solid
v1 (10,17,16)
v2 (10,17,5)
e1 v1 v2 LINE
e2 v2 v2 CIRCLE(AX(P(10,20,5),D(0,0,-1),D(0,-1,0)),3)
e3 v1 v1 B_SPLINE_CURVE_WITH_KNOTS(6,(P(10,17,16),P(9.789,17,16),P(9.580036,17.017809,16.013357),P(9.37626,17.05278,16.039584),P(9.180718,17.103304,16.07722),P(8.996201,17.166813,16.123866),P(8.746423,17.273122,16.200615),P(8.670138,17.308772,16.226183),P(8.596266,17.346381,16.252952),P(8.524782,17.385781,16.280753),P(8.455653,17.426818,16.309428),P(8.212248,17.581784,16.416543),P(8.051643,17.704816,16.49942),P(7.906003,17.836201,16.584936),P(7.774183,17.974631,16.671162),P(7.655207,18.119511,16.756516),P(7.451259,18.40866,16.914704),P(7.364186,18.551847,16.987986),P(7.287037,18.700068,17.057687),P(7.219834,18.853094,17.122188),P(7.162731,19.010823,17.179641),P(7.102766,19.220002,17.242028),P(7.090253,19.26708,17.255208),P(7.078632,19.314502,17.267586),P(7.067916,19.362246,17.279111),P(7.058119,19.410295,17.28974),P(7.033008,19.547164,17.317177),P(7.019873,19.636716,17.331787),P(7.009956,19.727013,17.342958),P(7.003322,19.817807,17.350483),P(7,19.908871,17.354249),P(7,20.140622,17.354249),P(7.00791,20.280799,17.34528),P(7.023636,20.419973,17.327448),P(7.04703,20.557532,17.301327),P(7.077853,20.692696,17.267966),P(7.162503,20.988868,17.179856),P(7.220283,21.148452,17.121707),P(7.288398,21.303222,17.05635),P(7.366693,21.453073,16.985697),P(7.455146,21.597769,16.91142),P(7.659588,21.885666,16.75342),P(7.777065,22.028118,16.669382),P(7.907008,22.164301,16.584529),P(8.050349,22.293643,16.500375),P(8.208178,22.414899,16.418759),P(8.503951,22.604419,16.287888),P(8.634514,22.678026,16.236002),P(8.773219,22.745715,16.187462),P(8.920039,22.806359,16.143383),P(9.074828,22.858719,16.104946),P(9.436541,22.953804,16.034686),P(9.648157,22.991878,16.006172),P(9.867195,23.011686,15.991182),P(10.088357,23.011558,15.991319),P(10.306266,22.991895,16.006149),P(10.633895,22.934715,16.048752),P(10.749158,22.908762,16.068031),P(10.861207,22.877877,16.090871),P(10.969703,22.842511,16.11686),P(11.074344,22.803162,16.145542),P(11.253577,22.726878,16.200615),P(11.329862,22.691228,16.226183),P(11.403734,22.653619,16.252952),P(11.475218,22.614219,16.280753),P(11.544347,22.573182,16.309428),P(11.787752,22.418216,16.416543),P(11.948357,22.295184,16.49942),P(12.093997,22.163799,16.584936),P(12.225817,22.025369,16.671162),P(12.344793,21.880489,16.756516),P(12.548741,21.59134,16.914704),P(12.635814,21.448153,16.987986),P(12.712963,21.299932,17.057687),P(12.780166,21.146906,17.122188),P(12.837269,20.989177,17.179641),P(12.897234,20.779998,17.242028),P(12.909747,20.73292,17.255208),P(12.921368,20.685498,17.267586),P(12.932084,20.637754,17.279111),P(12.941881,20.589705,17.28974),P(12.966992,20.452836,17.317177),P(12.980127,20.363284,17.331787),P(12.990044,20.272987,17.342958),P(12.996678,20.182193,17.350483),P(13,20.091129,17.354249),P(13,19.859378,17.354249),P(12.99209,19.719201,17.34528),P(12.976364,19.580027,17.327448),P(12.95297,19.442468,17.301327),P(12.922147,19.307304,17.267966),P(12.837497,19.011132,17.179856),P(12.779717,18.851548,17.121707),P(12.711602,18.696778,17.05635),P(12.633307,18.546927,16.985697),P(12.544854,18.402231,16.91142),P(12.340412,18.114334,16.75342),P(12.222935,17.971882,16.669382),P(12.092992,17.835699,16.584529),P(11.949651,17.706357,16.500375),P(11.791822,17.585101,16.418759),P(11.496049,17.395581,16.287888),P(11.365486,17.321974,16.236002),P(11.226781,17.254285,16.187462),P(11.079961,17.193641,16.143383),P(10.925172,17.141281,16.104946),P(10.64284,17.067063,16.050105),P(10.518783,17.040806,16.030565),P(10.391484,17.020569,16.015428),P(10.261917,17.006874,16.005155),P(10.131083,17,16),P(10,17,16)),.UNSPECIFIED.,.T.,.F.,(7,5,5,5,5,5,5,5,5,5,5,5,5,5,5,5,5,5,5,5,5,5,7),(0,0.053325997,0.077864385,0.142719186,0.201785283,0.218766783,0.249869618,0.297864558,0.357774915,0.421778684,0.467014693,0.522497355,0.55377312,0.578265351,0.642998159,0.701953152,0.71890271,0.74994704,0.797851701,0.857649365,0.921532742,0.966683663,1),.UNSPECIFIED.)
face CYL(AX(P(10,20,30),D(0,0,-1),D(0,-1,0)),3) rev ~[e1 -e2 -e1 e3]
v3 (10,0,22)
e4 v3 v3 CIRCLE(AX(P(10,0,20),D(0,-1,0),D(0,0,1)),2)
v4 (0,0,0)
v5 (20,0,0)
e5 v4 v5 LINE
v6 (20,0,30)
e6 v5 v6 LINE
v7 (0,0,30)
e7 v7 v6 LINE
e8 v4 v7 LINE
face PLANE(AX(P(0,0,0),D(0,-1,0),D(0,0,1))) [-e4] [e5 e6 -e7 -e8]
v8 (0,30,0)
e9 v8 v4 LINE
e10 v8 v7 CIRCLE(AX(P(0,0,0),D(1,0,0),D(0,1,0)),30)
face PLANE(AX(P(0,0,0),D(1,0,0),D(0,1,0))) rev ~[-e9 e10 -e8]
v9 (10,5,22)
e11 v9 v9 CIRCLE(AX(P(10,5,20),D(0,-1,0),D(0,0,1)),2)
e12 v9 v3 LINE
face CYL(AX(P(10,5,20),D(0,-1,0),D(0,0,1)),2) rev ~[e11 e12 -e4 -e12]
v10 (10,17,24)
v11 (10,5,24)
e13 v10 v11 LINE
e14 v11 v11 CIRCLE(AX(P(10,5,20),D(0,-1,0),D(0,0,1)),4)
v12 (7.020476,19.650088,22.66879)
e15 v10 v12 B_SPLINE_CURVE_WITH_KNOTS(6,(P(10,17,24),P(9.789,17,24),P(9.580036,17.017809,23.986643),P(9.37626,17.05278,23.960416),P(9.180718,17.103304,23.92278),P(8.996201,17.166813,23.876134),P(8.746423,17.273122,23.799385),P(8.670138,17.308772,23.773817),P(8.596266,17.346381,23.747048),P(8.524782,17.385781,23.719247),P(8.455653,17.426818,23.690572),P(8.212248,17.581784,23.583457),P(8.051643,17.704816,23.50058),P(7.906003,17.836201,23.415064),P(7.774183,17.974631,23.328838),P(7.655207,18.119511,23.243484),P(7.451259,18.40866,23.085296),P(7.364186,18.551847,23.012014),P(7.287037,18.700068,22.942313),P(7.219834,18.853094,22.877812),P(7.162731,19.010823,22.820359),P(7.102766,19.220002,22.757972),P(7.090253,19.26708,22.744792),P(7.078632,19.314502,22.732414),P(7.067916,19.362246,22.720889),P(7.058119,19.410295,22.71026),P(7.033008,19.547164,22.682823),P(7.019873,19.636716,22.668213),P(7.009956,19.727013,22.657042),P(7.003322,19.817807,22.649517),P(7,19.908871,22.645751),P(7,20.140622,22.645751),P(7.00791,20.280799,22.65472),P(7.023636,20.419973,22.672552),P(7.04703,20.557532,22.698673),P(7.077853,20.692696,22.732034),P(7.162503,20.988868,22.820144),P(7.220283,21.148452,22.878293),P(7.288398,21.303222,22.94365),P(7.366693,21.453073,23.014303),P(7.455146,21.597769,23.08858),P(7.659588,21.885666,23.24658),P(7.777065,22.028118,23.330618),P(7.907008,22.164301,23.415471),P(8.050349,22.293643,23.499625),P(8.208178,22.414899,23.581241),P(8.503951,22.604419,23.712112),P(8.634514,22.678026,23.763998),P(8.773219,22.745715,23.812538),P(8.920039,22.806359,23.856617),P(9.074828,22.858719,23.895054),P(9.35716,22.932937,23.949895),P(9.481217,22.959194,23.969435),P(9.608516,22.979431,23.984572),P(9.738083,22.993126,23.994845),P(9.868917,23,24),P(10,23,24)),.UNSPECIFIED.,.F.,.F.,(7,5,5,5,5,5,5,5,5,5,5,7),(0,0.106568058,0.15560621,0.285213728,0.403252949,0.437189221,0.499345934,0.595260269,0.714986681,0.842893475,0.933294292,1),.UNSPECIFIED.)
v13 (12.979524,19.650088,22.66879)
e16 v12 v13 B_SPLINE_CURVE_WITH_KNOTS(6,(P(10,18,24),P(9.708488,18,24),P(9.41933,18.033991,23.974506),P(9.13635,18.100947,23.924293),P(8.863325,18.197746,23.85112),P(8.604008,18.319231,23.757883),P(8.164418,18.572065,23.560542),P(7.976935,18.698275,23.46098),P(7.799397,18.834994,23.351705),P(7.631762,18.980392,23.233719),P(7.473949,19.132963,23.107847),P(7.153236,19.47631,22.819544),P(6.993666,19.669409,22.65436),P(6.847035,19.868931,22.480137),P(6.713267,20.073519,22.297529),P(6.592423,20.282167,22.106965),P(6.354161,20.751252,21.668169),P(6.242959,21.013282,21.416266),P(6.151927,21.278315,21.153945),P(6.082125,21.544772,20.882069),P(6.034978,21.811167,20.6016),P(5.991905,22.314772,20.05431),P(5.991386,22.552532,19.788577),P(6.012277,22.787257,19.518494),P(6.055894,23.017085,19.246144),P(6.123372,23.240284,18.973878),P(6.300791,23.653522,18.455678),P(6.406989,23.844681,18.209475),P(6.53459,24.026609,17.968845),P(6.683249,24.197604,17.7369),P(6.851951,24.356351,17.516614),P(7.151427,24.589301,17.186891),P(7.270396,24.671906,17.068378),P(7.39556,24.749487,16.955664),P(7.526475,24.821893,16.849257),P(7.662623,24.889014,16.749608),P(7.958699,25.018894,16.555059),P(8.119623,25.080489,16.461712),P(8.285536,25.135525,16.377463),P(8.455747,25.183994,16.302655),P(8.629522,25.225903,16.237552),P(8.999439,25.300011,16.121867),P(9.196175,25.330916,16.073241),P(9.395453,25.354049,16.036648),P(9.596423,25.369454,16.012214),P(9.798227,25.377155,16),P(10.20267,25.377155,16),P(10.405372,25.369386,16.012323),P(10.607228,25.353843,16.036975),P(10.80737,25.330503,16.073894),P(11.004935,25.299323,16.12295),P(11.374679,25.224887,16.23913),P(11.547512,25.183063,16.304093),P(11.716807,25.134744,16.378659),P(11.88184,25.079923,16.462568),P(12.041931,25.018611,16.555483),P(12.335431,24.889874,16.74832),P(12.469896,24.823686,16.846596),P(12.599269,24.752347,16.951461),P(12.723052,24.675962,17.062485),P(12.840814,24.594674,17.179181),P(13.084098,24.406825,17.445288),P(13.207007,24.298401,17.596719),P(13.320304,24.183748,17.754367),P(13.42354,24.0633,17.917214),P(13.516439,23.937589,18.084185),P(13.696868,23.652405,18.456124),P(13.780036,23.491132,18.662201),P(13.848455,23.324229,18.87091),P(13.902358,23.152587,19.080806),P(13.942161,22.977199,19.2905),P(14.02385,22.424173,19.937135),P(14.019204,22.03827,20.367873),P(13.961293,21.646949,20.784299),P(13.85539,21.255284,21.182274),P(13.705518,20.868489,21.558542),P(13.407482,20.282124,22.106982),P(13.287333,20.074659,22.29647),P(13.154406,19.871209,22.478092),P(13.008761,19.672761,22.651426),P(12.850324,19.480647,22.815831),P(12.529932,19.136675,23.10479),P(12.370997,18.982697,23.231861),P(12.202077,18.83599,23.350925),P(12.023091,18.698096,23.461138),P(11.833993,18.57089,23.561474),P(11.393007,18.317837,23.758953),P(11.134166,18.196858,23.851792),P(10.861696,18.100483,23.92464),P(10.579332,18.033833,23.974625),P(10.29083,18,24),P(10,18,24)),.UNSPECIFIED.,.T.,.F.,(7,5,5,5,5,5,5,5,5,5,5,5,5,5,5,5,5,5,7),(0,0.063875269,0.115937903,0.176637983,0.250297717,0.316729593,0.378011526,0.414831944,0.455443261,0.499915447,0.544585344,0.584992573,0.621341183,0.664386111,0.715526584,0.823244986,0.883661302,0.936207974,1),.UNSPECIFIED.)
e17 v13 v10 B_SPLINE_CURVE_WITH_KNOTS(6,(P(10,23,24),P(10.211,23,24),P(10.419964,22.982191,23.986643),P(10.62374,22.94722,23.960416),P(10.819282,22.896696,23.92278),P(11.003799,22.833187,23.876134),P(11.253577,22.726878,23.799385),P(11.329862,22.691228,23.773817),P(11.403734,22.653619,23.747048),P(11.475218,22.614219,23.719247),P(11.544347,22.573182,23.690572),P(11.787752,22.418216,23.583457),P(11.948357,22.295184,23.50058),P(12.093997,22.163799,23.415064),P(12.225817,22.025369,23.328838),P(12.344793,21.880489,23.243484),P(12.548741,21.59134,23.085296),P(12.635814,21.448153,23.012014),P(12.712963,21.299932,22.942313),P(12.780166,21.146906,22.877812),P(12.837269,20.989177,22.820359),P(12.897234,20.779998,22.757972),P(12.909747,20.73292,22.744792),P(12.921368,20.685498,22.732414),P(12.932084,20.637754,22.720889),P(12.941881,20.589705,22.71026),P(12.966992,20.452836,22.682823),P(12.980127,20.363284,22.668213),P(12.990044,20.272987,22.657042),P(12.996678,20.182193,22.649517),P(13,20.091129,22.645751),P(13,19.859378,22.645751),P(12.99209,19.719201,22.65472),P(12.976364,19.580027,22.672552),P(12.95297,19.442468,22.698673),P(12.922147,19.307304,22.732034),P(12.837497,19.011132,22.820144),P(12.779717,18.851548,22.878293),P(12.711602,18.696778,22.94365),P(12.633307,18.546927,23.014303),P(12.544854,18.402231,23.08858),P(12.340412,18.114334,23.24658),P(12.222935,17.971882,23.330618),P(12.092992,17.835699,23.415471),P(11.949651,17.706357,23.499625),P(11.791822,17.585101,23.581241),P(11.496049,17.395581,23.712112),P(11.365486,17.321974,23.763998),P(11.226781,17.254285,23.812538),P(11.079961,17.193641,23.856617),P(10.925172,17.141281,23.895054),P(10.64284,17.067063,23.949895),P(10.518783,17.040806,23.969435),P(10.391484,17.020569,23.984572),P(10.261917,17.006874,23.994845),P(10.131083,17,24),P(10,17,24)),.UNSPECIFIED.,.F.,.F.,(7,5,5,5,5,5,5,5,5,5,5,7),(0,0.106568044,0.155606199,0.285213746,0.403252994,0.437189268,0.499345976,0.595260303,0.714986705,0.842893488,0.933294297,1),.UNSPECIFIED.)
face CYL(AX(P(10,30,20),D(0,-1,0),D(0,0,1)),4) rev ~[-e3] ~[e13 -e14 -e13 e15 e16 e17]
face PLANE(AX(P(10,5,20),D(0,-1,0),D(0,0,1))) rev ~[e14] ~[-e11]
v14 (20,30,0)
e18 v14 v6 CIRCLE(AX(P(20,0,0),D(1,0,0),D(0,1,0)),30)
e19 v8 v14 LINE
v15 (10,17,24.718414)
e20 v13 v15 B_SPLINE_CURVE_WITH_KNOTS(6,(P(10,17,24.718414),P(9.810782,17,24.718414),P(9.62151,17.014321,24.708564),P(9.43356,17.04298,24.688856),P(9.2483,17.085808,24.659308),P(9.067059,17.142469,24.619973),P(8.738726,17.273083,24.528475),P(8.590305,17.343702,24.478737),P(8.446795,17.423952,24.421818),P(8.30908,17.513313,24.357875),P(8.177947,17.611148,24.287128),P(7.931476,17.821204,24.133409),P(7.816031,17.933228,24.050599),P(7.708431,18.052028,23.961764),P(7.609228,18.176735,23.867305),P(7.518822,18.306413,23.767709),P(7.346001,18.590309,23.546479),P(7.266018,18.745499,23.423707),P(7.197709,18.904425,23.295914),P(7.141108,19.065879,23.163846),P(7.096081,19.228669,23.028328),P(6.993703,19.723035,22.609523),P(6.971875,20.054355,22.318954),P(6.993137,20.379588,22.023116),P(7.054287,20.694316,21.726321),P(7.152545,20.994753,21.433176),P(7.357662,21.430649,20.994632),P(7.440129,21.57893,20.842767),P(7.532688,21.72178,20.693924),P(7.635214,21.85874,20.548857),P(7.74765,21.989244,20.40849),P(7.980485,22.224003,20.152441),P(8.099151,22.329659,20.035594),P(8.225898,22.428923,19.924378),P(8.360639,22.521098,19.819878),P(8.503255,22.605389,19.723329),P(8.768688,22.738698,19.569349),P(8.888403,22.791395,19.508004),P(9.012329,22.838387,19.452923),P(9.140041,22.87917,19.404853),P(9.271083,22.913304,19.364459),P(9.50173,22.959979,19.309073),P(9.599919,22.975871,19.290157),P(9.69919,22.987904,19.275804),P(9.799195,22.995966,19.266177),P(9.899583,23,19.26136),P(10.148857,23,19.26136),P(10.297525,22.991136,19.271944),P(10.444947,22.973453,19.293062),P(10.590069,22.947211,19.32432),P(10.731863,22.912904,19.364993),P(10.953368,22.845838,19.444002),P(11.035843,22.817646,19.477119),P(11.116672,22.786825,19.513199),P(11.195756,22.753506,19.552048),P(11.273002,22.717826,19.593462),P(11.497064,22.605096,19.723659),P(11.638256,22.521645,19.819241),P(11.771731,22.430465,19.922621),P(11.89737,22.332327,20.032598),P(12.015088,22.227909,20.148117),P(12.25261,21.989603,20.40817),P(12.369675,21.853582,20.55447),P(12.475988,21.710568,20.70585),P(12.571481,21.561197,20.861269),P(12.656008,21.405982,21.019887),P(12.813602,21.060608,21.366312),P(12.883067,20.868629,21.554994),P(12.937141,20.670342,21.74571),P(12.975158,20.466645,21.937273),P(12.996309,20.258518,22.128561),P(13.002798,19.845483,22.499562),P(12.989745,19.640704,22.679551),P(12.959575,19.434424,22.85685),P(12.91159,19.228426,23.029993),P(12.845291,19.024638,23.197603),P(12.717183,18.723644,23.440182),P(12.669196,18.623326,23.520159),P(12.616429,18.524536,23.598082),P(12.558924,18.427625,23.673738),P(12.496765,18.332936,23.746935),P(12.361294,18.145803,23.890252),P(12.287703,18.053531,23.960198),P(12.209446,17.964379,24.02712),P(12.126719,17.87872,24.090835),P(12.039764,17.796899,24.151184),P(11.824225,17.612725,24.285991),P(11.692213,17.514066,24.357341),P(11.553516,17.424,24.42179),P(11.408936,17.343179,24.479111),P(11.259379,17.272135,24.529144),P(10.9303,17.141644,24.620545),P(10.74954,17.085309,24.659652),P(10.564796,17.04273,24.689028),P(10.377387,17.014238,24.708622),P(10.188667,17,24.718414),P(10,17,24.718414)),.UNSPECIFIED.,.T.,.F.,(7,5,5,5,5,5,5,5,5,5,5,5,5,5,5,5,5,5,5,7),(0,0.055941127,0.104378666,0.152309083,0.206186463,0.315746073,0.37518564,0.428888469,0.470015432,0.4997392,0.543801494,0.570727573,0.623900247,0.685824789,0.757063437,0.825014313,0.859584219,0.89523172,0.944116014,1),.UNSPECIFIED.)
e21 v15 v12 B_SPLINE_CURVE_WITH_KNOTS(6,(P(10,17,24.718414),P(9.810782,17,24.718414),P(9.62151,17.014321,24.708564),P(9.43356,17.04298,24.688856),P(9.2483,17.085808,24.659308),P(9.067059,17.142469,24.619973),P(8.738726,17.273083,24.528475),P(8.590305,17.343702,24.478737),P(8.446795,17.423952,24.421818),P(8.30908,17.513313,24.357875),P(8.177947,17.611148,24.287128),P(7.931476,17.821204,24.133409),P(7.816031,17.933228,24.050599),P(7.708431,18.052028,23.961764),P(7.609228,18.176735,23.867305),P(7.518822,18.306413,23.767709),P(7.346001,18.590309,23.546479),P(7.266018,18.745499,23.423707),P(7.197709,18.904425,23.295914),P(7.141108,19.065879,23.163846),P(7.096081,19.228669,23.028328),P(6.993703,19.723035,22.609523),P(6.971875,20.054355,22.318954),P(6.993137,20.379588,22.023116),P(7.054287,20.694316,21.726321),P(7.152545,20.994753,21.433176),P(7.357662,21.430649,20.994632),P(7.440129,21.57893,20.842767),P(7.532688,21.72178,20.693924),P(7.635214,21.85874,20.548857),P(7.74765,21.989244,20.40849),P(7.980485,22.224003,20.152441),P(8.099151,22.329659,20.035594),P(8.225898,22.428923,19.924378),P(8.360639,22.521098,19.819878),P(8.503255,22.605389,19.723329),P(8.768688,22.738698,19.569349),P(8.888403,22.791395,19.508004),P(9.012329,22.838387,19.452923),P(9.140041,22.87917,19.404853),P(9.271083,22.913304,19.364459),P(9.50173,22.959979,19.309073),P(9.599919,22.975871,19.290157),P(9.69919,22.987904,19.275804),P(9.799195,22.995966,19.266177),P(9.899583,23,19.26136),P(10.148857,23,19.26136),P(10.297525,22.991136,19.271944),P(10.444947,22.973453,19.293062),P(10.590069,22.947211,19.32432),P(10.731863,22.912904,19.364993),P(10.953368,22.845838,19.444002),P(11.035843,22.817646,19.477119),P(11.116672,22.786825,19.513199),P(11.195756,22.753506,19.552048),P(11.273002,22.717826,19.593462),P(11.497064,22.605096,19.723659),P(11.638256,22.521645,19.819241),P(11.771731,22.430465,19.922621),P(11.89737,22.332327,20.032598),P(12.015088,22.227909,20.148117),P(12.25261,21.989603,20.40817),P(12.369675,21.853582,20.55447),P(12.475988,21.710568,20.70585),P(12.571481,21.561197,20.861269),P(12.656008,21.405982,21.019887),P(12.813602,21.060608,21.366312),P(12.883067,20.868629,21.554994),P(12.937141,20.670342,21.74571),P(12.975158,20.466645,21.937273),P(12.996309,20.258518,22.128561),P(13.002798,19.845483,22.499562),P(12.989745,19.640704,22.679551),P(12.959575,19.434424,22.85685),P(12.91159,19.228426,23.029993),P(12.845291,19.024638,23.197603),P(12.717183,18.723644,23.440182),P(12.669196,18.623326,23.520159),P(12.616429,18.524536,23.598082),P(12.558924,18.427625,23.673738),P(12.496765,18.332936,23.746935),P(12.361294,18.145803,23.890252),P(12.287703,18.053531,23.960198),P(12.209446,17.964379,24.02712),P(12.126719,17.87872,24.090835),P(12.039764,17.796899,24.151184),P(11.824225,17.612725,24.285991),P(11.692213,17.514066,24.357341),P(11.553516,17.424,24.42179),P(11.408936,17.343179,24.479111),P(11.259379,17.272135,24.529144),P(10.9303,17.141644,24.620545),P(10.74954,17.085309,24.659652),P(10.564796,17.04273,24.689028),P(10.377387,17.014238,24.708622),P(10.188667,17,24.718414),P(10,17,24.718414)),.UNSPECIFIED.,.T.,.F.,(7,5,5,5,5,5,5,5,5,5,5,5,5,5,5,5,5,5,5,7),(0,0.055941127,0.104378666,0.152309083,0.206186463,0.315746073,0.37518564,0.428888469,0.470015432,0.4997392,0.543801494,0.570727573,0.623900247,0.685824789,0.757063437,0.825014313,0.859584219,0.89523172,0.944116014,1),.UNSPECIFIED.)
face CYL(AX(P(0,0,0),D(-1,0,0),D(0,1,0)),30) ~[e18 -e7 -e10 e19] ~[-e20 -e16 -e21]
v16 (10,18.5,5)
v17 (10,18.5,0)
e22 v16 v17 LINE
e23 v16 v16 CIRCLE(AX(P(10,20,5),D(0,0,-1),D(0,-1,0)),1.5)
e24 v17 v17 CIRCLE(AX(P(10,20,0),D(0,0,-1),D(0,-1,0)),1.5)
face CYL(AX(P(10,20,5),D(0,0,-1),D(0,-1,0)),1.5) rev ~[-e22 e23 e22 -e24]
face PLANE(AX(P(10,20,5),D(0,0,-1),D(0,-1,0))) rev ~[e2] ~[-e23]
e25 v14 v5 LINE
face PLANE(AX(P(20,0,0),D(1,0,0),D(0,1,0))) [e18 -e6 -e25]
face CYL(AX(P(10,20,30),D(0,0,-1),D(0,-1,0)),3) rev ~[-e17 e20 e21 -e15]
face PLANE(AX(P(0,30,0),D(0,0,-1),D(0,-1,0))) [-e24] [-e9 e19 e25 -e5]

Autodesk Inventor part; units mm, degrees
ref_plane "YZ Plane" through (0, 0, 0) normal (1, 0, 0) x (0, 1, 0)
sketch "草圖1" plane through (0, 0, 0) normal (1, 0, 0) x (0, 1, 0)
  line L0 (0, 0) -> (0, 30)
  arc A0 (30, 0) -> (0, 30) centre (0, 0) ccw
  line L1 (30, 0) -> (0, 0)
  dimension "d0" = 30
extrude "擠出1" add sketch "草圖1" along normal blind 20
ref_plane "工作平面1" through (0, 30, 0) normal (0, -1, 0) x (1, 0, 0)
sketch "草圖2" plane through (0, 30, 0) normal (0, -1, 0) x (1, 0, 0)
  line L0 (0, 0) -> (20, 0) projected
  point P0 (10, 20)
  point P1 (10, 0)
  dimension "d3" = 20
hole "孔1" at (10, 30, 20) direction (0, -1, 0) diameter 4 end through all counterbore diameter 8 counterbore depth 25
ref_plane "工作平面2" through (10, 0, 30) normal (0, 0, -1) x (-1, 0, 0)
sketch "草圖3" plane through (10, 0, 30) normal (0, 0, -1) x (-1, 0, 0)
  line L0 (10, 0) -> (-10, 0) projected
  point P0 (0, 20)
  point P1 (0, 0)
  dimension "d11" = 20
hole "孔2" at (10, 20, 30) direction (0, 0, -1) diameter 3 end through all counterbore diameter 6 counterbore depth 25
properties part number "鋁擠固定器小"
